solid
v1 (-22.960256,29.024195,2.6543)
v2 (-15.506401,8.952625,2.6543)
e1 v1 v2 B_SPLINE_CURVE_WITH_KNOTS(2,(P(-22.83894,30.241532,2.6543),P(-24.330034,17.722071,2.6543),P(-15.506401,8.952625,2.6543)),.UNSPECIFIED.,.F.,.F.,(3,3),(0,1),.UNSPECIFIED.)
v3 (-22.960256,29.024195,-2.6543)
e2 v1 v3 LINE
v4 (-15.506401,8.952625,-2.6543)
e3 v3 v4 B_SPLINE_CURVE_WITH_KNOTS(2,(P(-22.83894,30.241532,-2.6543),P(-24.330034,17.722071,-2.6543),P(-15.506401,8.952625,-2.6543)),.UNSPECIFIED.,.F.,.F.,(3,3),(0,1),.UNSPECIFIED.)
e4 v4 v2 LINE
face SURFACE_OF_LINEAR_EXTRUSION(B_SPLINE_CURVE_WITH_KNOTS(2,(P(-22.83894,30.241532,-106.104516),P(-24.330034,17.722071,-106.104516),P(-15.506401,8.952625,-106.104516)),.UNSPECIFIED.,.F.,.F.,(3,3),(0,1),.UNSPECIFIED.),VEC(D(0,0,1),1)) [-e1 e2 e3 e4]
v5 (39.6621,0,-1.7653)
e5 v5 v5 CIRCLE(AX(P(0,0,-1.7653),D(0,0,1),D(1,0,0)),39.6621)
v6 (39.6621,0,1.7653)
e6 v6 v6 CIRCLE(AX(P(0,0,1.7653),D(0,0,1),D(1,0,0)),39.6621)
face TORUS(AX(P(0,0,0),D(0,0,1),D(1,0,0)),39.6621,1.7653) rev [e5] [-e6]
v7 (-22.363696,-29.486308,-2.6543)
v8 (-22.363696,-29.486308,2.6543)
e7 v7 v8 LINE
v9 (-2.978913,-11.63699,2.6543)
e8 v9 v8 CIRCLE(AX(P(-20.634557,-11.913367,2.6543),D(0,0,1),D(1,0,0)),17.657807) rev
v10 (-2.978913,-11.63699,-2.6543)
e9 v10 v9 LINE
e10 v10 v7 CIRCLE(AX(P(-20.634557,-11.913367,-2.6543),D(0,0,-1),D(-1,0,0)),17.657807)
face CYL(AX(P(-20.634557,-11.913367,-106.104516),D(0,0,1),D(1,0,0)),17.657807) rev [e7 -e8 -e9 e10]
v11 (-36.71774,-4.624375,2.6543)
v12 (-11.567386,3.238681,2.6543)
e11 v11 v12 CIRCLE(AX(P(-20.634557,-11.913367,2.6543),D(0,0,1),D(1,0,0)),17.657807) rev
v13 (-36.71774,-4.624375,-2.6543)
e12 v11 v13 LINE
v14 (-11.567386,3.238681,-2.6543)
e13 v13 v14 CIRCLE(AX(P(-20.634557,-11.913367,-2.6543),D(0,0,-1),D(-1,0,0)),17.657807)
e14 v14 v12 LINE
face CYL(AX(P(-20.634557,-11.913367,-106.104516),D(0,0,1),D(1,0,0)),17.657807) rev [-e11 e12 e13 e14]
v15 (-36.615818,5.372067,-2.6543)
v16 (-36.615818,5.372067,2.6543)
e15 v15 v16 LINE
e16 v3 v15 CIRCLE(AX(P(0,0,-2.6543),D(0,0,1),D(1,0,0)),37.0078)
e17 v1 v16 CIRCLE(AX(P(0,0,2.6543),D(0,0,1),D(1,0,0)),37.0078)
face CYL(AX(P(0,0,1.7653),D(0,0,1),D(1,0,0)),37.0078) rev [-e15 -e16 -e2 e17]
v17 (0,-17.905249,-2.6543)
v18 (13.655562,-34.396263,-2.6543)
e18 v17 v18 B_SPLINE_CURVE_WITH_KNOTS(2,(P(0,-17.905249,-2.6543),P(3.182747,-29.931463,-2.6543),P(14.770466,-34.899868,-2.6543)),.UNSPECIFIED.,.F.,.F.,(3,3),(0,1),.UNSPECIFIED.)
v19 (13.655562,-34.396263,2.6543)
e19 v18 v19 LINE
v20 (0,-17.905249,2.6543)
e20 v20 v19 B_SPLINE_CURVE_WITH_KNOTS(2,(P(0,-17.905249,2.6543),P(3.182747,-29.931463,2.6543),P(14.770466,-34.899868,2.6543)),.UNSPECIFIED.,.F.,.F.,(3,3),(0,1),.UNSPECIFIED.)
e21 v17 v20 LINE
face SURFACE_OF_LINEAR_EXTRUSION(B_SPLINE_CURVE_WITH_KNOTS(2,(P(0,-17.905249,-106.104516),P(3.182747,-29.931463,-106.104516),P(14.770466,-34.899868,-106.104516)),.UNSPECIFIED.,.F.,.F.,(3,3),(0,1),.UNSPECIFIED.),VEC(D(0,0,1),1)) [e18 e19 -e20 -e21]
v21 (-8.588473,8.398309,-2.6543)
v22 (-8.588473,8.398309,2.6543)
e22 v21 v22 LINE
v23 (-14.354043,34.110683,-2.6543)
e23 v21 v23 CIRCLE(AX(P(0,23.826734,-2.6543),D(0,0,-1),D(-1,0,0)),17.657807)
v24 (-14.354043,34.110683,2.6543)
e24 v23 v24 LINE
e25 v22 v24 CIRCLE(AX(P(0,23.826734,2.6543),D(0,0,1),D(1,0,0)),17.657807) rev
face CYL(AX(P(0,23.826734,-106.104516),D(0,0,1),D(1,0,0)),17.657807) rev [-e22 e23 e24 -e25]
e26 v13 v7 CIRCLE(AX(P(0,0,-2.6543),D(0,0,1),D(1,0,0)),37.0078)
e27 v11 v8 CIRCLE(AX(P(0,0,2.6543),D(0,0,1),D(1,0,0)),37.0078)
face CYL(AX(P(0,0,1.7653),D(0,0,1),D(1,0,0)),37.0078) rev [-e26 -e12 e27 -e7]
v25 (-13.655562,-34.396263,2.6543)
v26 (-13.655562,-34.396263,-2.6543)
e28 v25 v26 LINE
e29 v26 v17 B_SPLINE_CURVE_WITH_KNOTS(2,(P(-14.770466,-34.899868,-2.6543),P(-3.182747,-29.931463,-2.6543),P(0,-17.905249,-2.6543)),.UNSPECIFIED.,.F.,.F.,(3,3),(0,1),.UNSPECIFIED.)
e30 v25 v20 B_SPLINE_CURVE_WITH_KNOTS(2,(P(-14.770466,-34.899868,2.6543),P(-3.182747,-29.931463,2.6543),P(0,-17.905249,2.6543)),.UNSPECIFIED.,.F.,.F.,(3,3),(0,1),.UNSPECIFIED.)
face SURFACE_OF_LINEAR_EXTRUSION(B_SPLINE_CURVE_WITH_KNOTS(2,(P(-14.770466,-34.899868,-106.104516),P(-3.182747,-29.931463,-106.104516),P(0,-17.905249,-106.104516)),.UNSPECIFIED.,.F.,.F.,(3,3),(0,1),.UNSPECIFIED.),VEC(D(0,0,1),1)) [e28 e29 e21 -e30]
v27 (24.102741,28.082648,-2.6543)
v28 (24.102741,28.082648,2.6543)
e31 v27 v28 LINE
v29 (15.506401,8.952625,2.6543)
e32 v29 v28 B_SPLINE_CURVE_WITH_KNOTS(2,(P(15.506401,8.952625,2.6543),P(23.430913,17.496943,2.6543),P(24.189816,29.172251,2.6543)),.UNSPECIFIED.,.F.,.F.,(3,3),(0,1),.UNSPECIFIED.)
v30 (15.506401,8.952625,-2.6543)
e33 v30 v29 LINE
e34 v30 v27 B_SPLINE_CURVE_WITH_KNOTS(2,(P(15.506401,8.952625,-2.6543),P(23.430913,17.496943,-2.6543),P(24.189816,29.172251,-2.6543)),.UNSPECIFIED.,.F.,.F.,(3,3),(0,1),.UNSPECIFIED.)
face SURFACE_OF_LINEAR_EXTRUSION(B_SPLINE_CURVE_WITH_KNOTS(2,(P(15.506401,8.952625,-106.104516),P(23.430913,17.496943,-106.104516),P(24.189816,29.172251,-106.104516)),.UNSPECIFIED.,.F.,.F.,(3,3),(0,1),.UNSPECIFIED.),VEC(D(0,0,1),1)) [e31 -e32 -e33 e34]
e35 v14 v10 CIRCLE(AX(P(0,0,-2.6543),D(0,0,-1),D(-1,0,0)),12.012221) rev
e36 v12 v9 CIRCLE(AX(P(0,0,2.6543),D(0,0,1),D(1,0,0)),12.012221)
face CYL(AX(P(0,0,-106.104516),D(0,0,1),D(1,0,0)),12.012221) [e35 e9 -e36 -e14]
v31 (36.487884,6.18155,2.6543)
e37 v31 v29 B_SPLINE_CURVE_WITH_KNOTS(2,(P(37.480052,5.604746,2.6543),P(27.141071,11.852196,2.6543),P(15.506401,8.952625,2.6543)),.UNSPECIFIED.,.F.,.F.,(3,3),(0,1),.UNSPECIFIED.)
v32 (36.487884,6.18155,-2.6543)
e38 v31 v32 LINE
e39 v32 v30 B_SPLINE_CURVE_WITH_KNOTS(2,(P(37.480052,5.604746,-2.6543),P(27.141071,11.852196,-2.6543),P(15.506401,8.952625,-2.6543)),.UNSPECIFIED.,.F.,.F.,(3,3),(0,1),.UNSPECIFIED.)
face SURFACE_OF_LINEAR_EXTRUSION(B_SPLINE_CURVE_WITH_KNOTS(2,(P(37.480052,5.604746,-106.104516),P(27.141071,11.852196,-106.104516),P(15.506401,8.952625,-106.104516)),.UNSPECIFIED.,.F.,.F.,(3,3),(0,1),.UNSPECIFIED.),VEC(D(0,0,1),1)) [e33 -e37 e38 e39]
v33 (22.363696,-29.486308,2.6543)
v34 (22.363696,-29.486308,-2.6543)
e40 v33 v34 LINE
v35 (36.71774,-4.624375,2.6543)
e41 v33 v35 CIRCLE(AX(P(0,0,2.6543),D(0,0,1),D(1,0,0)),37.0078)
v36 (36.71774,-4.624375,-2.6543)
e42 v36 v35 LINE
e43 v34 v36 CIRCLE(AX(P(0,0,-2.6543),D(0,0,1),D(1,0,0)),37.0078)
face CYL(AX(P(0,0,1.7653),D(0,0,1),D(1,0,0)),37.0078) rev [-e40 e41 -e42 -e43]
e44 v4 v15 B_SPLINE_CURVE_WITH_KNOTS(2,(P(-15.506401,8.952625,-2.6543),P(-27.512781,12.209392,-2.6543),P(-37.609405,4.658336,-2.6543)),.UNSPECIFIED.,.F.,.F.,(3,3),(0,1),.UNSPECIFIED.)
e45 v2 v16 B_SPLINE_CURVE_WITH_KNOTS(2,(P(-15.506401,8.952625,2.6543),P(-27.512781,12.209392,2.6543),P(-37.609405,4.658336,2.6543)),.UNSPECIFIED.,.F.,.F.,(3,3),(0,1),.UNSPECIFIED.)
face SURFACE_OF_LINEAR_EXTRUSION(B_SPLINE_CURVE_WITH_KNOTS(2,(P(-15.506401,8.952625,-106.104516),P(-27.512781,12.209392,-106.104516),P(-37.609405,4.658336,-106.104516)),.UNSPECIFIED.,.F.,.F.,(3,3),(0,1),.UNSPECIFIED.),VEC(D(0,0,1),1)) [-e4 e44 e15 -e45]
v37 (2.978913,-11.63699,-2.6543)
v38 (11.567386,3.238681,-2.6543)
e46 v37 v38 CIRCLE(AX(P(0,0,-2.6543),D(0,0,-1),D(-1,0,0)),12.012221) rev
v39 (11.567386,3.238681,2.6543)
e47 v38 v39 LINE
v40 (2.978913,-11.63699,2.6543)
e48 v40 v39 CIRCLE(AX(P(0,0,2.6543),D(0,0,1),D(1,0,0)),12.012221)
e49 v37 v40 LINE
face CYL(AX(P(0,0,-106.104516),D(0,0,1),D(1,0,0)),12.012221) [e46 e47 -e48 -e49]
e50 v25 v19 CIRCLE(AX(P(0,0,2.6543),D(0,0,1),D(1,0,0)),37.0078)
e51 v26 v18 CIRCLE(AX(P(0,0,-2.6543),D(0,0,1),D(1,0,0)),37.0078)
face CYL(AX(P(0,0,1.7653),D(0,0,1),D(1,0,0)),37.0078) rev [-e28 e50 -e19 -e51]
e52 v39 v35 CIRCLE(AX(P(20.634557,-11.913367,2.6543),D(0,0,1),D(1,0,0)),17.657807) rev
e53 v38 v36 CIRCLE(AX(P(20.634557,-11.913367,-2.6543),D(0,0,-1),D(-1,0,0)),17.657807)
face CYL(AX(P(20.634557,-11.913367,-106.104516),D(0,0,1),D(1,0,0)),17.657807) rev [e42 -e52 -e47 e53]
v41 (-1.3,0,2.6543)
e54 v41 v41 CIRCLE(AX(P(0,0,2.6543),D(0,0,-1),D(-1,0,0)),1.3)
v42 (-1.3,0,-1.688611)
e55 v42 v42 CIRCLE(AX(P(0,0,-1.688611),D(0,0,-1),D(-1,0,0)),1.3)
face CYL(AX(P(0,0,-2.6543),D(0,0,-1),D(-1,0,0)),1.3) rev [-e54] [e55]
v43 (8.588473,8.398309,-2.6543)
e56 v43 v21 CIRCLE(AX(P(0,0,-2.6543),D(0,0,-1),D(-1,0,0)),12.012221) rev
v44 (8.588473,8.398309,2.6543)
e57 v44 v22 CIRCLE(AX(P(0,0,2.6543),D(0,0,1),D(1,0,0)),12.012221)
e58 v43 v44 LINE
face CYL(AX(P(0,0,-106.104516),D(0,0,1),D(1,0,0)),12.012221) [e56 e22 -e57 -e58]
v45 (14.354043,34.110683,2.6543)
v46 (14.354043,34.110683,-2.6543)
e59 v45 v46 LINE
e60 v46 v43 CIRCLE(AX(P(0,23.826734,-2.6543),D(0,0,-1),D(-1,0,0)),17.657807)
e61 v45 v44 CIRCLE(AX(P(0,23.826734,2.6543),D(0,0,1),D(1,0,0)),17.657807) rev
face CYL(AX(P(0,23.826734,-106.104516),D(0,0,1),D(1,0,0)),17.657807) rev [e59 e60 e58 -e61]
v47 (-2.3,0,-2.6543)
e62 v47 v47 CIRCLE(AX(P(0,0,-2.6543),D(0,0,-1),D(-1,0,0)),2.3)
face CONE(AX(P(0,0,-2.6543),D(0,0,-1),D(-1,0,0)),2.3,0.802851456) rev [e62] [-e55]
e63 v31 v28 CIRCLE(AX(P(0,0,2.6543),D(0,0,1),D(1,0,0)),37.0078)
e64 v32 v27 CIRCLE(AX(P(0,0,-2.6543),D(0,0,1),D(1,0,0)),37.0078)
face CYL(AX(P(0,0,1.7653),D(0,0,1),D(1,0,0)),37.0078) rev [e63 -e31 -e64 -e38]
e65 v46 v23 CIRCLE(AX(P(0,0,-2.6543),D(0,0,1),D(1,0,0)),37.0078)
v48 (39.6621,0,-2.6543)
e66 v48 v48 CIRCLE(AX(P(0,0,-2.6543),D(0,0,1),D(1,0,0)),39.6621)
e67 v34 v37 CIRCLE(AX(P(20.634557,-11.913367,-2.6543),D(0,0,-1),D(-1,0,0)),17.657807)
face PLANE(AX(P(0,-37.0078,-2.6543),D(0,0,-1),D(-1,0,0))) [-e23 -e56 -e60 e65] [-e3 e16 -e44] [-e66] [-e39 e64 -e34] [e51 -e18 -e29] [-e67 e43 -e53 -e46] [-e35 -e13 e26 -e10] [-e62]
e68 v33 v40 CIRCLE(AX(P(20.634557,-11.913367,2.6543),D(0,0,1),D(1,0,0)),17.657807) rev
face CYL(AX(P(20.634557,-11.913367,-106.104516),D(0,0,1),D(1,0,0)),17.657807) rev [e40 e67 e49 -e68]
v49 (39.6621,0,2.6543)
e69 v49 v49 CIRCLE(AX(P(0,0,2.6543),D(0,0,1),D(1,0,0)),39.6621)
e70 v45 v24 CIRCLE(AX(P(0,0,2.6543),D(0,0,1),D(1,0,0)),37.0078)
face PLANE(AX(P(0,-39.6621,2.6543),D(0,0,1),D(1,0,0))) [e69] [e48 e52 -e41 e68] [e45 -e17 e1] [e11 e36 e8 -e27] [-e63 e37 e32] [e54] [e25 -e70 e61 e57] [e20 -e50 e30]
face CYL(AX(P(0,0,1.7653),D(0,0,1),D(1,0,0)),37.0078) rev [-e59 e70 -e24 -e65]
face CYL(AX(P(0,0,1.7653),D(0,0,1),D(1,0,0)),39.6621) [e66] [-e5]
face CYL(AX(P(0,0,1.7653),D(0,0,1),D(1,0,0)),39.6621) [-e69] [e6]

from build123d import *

# Parameters (mm, degrees)
BOSS_EXTRUDE1_REACH                             = 4.654
BOSS_EXTRUDE1_DIRECTION_2_REACH                 = 4.654
CSK_FOR_M2_RAISED_CROSS_HEAD_SCREW1_D           = 2.6
CSK_FOR_M2_RAISED_CROSS_HEAD_SCREW1_CSINK_D     = 4.6
CSK_FOR_M2_RAISED_CROSS_HEAD_SCREW1_CSINK_ANGLE = 92


with BuildPart() as part:
    # Sketch4 → Revolve3 (revolve)
    with BuildSketch(Plane(origin=(0, 0, 0), x_dir=(0, 0, -1), z_dir=(1, 0, 0))):
        with BuildLine():
            Line((-2.6543, -39.6621), (-1.7653, -39.6621))
            ThreePointArc((-1.7653, -39.6621), (0, -37.8968), (1.7653, -39.6621))
            Line((1.7653, -39.6621), (2.6543, -39.6621))
            Line((2.6543, -39.6621), (2.6543, -37.0078))
            Line((2.6543, -37.0078), (-2.6543, -37.0078))
            Line((-2.6543, -37.0078), (-2.6543, -39.6621))
        make_face()
    revolve(axis=Axis((0, 0, 1.7653), (0, 0, -1)))

    # Boss-Extrude1: up to this face of the body (flat: up to its plane)
    boss_extrude1_end = Plane(part.part.faces().sort_by_distance((0, 38.540286405, -2.6543))[0])
    # Sketch5 → Boss-Extrude1 (add, up to the picked face)
    with BuildSketch(Plane.XY, mode=Mode.PRIVATE) as boss_extrude1_sk1:
        with BuildLine():
            ThreePointArc((2.978912783, -11.636990203), (10.402888866, -6.006110687), (11.56738553, 3.238680956))
            ThreePointArc((11.56738553, 3.238680956), (26.749196364, 4.65193852), (37.371776023, -6.286319044))
            ThreePointArc((37.371776023, -6.286319044), (37.895229039, -0.345059896), (37.48005165, 5.604746073))
            add(Edge.make_bspline(
                [(15.506400774, 8.952624661), (27.141070528, 11.852195949), (37.48005165, 5.604746073)],
                knots=[0, 0, 0, 1, 1, 1], degree=2))
            add(Edge.make_bspline(
                [(15.506400774, 8.952624661), (23.43091271, 17.496942665), (24.189816075, 29.172251345)],
                knots=[0, 0, 0, 1, 1, 1], degree=2))
            ThreePointArc((24.189816075, 29.172251345), (18.982008892, 32.800164461), (13.241776023, 35.508066943))
            ThreePointArc((13.241776023, 35.508066943), (17.403295117, 20.839514322), (8.588472748, 8.398309247))
            ThreePointArc((8.588472748, 8.398309247), (0, 12.012221374), (-8.588472748, 8.398309247))
            ThreePointArc((-8.588472748, 8.398309247), (-17.403295117, 20.839514322), (-13.241776023, 35.508066943))
            ThreePointArc((-13.241776023, 35.508066943), (-18.231527824, 33.22316727), (-22.83893963, 30.241532482))
            add(Edge.make_bspline(
                [(-15.506400774, 8.952624661), (-24.330033969, 17.722070983), (-22.83893963, 30.241532482)],
                knots=[0, 0, 0, 1, 1, 1], degree=2))
            add(Edge.make_bspline(
                [(-15.506400774, 8.952624661), (-27.512780663, 12.209392), (-37.609405193, 4.658335674)],
                knots=[0, 0, 0, 1, 1, 1], degree=2))
            ThreePointArc((-37.609405193, 4.658335674), (-37.887870762, -0.822617389), (-37.371776023, -6.286319044))
            ThreePointArc((-37.371776023, -6.286319044), (-26.749196364, 4.65193852), (-11.56738553, 3.238680956))
            ThreePointArc((-11.56738553, 3.238680956), (-10.402888866, -6.006110687), (-2.978912783, -11.636990203))
            ThreePointArc((-2.978912783, -11.636990203), (-9.345901247, -25.491452842), (-24.13, -29.221747898))
            ThreePointArc((-24.13, -29.221747898), (-19.656342938, -32.400549881), (-14.770465564, -34.899868156))
            add(Edge.make_bspline(
                [(0, -17.905249322), (-3.182746695, -29.931462983), (-14.770465564, -34.899868156)],
                knots=[0, 0, 0, 1, 1, 1], degree=2))
            add(Edge.make_bspline(
                [(0, -17.905249322), (3.182746695, -29.931462983), (14.770465564, -34.899868156)],
                knots=[0, 0, 0, 1, 1, 1], degree=2))
            ThreePointArc((14.770465564, -34.899868156), (19.656342938, -32.400549881), (24.13, -29.221747898))
            ThreePointArc((24.13, -29.221747898), (9.345901247, -25.491452842), (2.978912783, -11.636990203))
        make_face()
    boss_extrude1_tool1 = split(extrude(boss_extrude1_sk1.sketch, amount=-BOSS_EXTRUDE1_REACH, mode=Mode.PRIVATE), bisect_by=boss_extrude1_end, keep=Keep.BOTH, mode=Mode.PRIVATE)
    add(boss_extrude1_tool1.solids().sort_by_distance((0.196494, 0.141193, 0))[0])

    # Boss-Extrude1 direction 2: up to this face of the body (flat: up to its plane)
    boss_extrude1_direction_2_end = Plane(part.part.faces().sort_by_distance((0, 38.129613595, 2.6543))[0])
    # Sketch5 → Boss-Extrude1 direction 2 (add, up to the picked face)
    with BuildSketch(Plane.XY, mode=Mode.PRIVATE) as boss_extrude1_direction_2_sk1:
        with BuildLine():
            ThreePointArc((2.978912783, -11.636990203), (10.402888866, -6.006110687), (11.56738553, 3.238680956))
            ThreePointArc((11.56738553, 3.238680956), (26.749196364, 4.65193852), (37.371776023, -6.286319044))
            ThreePointArc((37.371776023, -6.286319044), (37.895229039, -0.345059896), (37.48005165, 5.604746073))
            add(Edge.make_bspline(
                [(15.506400774, 8.952624661), (27.141070528, 11.852195949), (37.48005165, 5.604746073)],
                knots=[0, 0, 0, 1, 1, 1], degree=2))
            add(Edge.make_bspline(
                [(15.506400774, 8.952624661), (23.43091271, 17.496942665), (24.189816075, 29.172251345)],
                knots=[0, 0, 0, 1, 1, 1], degree=2))
            ThreePointArc((24.189816075, 29.172251345), (18.982008892, 32.800164461), (13.241776023, 35.508066943))
            ThreePointArc((13.241776023, 35.508066943), (17.403295117, 20.839514322), (8.588472748, 8.398309247))
            ThreePointArc((8.588472748, 8.398309247), (0, 12.012221374), (-8.588472748, 8.398309247))
            ThreePointArc((-8.588472748, 8.398309247), (-17.403295117, 20.839514322), (-13.241776023, 35.508066943))
            ThreePointArc((-13.241776023, 35.508066943), (-18.231527824, 33.22316727), (-22.83893963, 30.241532482))
            add(Edge.make_bspline(
                [(-15.506400774, 8.952624661), (-24.330033969, 17.722070983), (-22.83893963, 30.241532482)],
                knots=[0, 0, 0, 1, 1, 1], degree=2))
            add(Edge.make_bspline(
                [(-15.506400774, 8.952624661), (-27.512780663, 12.209392), (-37.609405193, 4.658335674)],
                knots=[0, 0, 0, 1, 1, 1], degree=2))
            ThreePointArc((-37.609405193, 4.658335674), (-37.887870762, -0.822617389), (-37.371776023, -6.286319044))
            ThreePointArc((-37.371776023, -6.286319044), (-26.749196364, 4.65193852), (-11.56738553, 3.238680956))
            ThreePointArc((-11.56738553, 3.238680956), (-10.402888866, -6.006110687), (-2.978912783, -11.636990203))
            ThreePointArc((-2.978912783, -11.636990203), (-9.345901247, -25.491452842), (-24.13, -29.221747898))
            ThreePointArc((-24.13, -29.221747898), (-19.656342938, -32.400549881), (-14.770465564, -34.899868156))
            add(Edge.make_bspline(
                [(0, -17.905249322), (-3.182746695, -29.931462983), (-14.770465564, -34.899868156)],
                knots=[0, 0, 0, 1, 1, 1], degree=2))
            add(Edge.make_bspline(
                [(0, -17.905249322), (3.182746695, -29.931462983), (14.770465564, -34.899868156)],
                knots=[0, 0, 0, 1, 1, 1], degree=2))
            ThreePointArc((14.770465564, -34.899868156), (19.656342938, -32.400549881), (24.13, -29.221747898))
            ThreePointArc((24.13, -29.221747898), (9.345901247, -25.491452842), (2.978912783, -11.636990203))
        make_face()
    boss_extrude1_direction_2_tool1 = split(extrude(boss_extrude1_direction_2_sk1.sketch, amount=BOSS_EXTRUDE1_DIRECTION_2_REACH, mode=Mode.PRIVATE), bisect_by=boss_extrude1_direction_2_end, keep=Keep.BOTH, mode=Mode.PRIVATE)
    add(boss_extrude1_direction_2_tool1.solids().sort_by_distance((0.196494, 0.141193, 0))[0])

    # CSK for M2 Raised Cross Head Screw1 (through all)
    with Locations(Plane(origin=(0, 0, -2.6543), x_dir=(-1, 0, 0), z_dir=(0, 0, -1))):
        with Locations((0, 0)):
            CounterSinkHole(CSK_FOR_M2_RAISED_CROSS_HEAD_SCREW1_D / 2, CSK_FOR_M2_RAISED_CROSS_HEAD_SCREW1_CSINK_D / 2, counter_sink_angle=CSK_FOR_M2_RAISED_CROSS_HEAD_SCREW1_CSINK_ANGLE)


solid = part.part
